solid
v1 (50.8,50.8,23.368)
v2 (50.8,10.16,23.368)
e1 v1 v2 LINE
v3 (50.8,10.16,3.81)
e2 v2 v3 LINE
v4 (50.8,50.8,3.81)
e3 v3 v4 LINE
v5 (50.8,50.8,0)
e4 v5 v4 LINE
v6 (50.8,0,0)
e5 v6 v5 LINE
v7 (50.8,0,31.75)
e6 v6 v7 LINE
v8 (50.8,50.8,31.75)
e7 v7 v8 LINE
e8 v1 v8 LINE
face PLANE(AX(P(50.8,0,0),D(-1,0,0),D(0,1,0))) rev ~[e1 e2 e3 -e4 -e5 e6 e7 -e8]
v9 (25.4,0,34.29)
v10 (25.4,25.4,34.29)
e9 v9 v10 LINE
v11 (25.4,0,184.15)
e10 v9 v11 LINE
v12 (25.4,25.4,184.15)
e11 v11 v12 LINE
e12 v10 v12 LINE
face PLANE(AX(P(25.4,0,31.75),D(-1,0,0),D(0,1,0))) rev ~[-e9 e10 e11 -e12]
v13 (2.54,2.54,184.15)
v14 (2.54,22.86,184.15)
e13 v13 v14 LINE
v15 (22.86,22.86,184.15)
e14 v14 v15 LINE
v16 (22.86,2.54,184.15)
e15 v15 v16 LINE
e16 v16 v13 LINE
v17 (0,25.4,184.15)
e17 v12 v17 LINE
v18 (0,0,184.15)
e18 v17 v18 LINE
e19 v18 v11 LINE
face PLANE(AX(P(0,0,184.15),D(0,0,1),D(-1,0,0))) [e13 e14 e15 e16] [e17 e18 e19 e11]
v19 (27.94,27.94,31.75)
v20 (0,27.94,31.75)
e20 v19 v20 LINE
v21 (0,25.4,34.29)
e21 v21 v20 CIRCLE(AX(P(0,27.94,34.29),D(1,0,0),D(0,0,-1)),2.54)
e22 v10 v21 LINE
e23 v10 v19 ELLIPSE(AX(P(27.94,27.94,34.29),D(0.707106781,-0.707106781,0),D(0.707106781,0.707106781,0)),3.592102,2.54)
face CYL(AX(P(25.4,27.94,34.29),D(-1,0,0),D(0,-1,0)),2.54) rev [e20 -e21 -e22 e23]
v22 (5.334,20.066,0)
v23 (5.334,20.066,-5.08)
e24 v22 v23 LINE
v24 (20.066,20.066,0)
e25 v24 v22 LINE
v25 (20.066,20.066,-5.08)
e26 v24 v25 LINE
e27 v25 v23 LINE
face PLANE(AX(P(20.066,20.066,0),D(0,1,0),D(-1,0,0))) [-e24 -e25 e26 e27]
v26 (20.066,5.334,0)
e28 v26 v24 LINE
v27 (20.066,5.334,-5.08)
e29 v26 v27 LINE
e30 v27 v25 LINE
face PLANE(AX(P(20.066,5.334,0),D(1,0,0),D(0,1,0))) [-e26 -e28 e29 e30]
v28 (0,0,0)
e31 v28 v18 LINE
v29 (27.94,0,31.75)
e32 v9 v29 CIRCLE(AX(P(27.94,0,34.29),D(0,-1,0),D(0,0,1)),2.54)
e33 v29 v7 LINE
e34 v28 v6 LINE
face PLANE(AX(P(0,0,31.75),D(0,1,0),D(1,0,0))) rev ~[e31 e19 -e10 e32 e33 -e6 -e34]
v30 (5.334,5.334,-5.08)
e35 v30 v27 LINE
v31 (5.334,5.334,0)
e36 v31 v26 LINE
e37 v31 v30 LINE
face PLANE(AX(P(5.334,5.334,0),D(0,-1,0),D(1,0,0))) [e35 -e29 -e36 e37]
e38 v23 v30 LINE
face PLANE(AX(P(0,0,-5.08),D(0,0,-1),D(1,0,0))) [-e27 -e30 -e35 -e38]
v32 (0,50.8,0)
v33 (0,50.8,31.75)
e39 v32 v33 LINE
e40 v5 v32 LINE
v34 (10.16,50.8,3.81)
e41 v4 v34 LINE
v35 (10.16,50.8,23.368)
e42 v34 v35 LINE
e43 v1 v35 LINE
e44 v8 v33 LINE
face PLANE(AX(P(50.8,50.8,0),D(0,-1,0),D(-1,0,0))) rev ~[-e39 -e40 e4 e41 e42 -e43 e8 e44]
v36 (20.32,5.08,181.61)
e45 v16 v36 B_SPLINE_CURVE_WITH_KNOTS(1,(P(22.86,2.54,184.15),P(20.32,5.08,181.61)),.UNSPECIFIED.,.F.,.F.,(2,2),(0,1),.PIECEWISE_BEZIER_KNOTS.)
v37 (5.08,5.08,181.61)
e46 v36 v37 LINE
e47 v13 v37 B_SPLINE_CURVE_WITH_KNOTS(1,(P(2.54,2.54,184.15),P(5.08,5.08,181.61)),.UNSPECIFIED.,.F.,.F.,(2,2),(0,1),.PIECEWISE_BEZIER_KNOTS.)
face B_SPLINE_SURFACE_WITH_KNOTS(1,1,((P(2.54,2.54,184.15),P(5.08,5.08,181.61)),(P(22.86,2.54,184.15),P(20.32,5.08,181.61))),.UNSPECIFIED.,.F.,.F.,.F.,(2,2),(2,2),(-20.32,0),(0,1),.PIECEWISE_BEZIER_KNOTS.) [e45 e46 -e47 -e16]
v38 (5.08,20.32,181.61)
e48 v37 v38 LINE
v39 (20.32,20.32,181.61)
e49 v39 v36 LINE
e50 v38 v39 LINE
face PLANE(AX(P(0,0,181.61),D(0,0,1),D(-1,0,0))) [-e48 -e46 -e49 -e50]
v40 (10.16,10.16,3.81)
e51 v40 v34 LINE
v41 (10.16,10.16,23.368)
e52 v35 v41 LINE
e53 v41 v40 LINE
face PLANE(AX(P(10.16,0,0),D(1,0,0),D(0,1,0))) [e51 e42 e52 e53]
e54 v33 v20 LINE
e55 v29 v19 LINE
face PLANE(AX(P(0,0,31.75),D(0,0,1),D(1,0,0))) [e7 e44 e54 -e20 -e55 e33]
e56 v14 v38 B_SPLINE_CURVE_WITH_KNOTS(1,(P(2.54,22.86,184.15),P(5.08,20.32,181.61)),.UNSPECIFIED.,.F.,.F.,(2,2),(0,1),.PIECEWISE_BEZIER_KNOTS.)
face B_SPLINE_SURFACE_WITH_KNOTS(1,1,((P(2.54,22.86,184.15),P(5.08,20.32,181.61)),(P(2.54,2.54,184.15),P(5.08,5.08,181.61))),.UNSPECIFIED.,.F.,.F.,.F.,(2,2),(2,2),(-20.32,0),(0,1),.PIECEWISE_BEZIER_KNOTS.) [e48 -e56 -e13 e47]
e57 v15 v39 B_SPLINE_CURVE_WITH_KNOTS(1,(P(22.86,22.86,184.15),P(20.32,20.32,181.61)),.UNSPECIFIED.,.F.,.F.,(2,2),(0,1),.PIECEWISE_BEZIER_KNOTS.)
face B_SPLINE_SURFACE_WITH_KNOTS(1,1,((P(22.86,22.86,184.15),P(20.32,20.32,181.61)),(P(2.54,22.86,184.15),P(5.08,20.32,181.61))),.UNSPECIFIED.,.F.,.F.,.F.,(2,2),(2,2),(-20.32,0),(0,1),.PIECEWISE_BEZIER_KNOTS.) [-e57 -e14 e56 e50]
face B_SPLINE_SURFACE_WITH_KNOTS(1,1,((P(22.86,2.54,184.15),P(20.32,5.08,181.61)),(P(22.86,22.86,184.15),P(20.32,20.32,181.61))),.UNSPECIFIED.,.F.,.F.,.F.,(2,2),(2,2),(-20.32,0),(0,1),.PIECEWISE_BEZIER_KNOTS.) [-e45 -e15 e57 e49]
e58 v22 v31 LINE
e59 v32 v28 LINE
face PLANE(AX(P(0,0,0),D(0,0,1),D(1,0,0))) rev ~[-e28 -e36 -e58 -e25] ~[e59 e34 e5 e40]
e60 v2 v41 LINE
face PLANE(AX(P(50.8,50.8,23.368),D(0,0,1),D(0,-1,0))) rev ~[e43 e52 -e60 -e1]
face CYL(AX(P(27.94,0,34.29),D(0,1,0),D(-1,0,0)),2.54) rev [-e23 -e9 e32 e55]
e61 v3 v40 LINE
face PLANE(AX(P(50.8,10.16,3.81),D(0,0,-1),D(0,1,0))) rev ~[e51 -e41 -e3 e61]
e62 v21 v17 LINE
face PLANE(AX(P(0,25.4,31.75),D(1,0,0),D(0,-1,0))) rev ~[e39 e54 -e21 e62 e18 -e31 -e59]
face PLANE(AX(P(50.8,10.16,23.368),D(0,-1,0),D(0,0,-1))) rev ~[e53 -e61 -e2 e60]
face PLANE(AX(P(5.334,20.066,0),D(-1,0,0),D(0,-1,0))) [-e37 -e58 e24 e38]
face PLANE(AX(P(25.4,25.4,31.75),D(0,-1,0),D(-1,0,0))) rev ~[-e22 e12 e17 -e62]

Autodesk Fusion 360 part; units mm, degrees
sketch "Sketch1" plane through (0, 0, 0) normal (0, 0, 1) x (1, 0, 0)
  line L0 (0, 0) -> (50.8, 0)
  line L1 (50.8, 0) -> (50.8, 50.8)
  line L2 (50.8, 50.8) -> (0, 50.8)
  line L3 (0, 50.8) -> (0, 0)
  dimension "d1" = 50.8
  dimension "d2" = 50.8
extrude "Extrude1" add sketch "Sketch1" along normal blind 31.75
sketch "Sketch2" plane through (50.8, 0, 0) normal (1, 0, 0) x (0, 1, 0)
  line L0 (0, 0) -> (50.8, 0)
  line L1 (50.8, 0) -> (50.8, 31.75)
  line L2 (50.8, 31.75) -> (0, 31.75)
  line L3 (0, 31.75) -> (0, 0)
  line L4 (50.8, 23.368) -> (10.16, 23.368)
  line L5 (10.16, 23.368) -> (10.16, 3.81)
  line L6 (10.16, 3.81) -> (50.8, 3.81)
  line L7 (50.8, 3.81) -> (50.8, 23.368)
  dimension "d5" = 40.64
  dimension "d6" = 19.558
  dimension "d14" = 3.81
extrude "Extrude2" cut sketch "Sketch2" against normal blind 40.64 contours L1 L4 L5 L6 L7
sketch "Sketch3" plane through (0, 0, 31.75) normal (0, 0, 1) x (-1, 0, 0)
  line L0 (0, -50.8) -> (0, 0)
  line L1 (0, 0) -> (-50.8, 0)
  line L2 (-50.8, 0) -> (-50.8, -50.8)
  line L3 (-50.8, -50.8) -> (0, -50.8)
  line L4 (0, 0) -> (-25.4, 0)
  line L5 (-25.4, 0) -> (-25.4, -25.4)
  line L6 (-25.4, -25.4) -> (0, -25.4)
  line L7 (0, -25.4) -> (0, 0)
  dimension "d10" = 25.4
  dimension "d11" = 25.4
extrude "Extrude3" add sketch "Sketch3" along normal blind 152.4 contours L0 L1 L4 L5 L6 L7
fillet "Fillet1" radius 2.54 2 edges at (25.4, 12.7, 31.75) (12.7, 25.4, 31.75)
sketch "Sketch4" plane through (0, 0, 0) normal (0, 0, -1) x (1, 0, 0)
  line L0 (0, 0) -> (0, -50.8)
  line L1 (0, -50.8) -> (50.8, -50.8)
  line L2 (50.8, -50.8) -> (50.8, 0)
  line L3 (50.8, 0) -> (0, 0)
  line L4 (2.54, -2.54) -> (22.86, -2.54)
  line L5 (22.86, -2.54) -> (22.86, -22.86)
  line L6 (22.86, -22.86) -> (2.54, -22.86)
  line L7 (2.54, -22.86) -> (2.54, -2.54)
  dimension "d17" = 2.54
  dimension "d18" = 2.54
  dimension "d19" = 20.32
  dimension "d20" = 20.32
sketch "Sketch5" plane through (0, 0, 0) normal (0, 0, -1) x (1, 0, 0)
  line L0 (5.334, -5.334) -> (20.066, -5.334)
  line L1 (20.066, -5.334) -> (20.066, -20.066)
  line L2 (20.066, -20.066) -> (5.334, -20.066)
  line L3 (5.334, -20.066) -> (5.334, -5.334)
  line L4 (0, -50.8) -> (0, 0)
  line L5 (0, 0) -> (50.8, 0)
  dimension "d37" = 14.732
  dimension "d38" = 14.732
  dimension "d39" = 5.334
  dimension "d40" = 5.334
sketch "Sketch6" plane through (0, 0, 184.15) normal (0, 0, 1) x (-1, 0, 0)
  line L0 (0, -25.4) -> (0, 0)
  line L1 (0, 0) -> (-25.4, 0)
  line L2 (-25.4, 0) -> (-25.4, -25.4)
  line L3 (-25.4, -25.4) -> (0, -25.4)
  line L4 (-2.54, -22.86) -> (-22.86, -22.86)
  line L5 (-22.86, -22.86) -> (-22.86, -2.54)
  line L6 (-22.86, -2.54) -> (-2.54, -2.54)
  line L7 (-2.54, -2.54) -> (-2.54, -22.86)
  line L8 (-5.08, -20.32) -> (-20.32, -20.32)
  line L9 (-20.32, -20.32) -> (-20.32, -5.08)
  line L10 (-20.32, -5.08) -> (-5.08, -5.08)
  line L11 (-5.08, -5.08) -> (-5.08, -20.32)
  dimension "d27" = 2.54
  dimension "d28" = 2.54
  dimension "d29" = 2.54
  dimension "d30" = 20.32
  dimension "d31" = 2.54
  dimension "d32" = 15.24
  dimension "d33" = 15.24
  dimension "d34" = 2.54
extrude "Extrude5" cut sketch "Sketch6" against normal blind 2.54 contours L8 L9 L10 L11
loft "Loft2" cut profiles "Sketch6" section 1 contours L4 L5 L6 L7 section 2 face at (15.24, 15.24, 181.61)
extrude "Extrude6" add sketch "Sketch5" along normal blind 5.08
